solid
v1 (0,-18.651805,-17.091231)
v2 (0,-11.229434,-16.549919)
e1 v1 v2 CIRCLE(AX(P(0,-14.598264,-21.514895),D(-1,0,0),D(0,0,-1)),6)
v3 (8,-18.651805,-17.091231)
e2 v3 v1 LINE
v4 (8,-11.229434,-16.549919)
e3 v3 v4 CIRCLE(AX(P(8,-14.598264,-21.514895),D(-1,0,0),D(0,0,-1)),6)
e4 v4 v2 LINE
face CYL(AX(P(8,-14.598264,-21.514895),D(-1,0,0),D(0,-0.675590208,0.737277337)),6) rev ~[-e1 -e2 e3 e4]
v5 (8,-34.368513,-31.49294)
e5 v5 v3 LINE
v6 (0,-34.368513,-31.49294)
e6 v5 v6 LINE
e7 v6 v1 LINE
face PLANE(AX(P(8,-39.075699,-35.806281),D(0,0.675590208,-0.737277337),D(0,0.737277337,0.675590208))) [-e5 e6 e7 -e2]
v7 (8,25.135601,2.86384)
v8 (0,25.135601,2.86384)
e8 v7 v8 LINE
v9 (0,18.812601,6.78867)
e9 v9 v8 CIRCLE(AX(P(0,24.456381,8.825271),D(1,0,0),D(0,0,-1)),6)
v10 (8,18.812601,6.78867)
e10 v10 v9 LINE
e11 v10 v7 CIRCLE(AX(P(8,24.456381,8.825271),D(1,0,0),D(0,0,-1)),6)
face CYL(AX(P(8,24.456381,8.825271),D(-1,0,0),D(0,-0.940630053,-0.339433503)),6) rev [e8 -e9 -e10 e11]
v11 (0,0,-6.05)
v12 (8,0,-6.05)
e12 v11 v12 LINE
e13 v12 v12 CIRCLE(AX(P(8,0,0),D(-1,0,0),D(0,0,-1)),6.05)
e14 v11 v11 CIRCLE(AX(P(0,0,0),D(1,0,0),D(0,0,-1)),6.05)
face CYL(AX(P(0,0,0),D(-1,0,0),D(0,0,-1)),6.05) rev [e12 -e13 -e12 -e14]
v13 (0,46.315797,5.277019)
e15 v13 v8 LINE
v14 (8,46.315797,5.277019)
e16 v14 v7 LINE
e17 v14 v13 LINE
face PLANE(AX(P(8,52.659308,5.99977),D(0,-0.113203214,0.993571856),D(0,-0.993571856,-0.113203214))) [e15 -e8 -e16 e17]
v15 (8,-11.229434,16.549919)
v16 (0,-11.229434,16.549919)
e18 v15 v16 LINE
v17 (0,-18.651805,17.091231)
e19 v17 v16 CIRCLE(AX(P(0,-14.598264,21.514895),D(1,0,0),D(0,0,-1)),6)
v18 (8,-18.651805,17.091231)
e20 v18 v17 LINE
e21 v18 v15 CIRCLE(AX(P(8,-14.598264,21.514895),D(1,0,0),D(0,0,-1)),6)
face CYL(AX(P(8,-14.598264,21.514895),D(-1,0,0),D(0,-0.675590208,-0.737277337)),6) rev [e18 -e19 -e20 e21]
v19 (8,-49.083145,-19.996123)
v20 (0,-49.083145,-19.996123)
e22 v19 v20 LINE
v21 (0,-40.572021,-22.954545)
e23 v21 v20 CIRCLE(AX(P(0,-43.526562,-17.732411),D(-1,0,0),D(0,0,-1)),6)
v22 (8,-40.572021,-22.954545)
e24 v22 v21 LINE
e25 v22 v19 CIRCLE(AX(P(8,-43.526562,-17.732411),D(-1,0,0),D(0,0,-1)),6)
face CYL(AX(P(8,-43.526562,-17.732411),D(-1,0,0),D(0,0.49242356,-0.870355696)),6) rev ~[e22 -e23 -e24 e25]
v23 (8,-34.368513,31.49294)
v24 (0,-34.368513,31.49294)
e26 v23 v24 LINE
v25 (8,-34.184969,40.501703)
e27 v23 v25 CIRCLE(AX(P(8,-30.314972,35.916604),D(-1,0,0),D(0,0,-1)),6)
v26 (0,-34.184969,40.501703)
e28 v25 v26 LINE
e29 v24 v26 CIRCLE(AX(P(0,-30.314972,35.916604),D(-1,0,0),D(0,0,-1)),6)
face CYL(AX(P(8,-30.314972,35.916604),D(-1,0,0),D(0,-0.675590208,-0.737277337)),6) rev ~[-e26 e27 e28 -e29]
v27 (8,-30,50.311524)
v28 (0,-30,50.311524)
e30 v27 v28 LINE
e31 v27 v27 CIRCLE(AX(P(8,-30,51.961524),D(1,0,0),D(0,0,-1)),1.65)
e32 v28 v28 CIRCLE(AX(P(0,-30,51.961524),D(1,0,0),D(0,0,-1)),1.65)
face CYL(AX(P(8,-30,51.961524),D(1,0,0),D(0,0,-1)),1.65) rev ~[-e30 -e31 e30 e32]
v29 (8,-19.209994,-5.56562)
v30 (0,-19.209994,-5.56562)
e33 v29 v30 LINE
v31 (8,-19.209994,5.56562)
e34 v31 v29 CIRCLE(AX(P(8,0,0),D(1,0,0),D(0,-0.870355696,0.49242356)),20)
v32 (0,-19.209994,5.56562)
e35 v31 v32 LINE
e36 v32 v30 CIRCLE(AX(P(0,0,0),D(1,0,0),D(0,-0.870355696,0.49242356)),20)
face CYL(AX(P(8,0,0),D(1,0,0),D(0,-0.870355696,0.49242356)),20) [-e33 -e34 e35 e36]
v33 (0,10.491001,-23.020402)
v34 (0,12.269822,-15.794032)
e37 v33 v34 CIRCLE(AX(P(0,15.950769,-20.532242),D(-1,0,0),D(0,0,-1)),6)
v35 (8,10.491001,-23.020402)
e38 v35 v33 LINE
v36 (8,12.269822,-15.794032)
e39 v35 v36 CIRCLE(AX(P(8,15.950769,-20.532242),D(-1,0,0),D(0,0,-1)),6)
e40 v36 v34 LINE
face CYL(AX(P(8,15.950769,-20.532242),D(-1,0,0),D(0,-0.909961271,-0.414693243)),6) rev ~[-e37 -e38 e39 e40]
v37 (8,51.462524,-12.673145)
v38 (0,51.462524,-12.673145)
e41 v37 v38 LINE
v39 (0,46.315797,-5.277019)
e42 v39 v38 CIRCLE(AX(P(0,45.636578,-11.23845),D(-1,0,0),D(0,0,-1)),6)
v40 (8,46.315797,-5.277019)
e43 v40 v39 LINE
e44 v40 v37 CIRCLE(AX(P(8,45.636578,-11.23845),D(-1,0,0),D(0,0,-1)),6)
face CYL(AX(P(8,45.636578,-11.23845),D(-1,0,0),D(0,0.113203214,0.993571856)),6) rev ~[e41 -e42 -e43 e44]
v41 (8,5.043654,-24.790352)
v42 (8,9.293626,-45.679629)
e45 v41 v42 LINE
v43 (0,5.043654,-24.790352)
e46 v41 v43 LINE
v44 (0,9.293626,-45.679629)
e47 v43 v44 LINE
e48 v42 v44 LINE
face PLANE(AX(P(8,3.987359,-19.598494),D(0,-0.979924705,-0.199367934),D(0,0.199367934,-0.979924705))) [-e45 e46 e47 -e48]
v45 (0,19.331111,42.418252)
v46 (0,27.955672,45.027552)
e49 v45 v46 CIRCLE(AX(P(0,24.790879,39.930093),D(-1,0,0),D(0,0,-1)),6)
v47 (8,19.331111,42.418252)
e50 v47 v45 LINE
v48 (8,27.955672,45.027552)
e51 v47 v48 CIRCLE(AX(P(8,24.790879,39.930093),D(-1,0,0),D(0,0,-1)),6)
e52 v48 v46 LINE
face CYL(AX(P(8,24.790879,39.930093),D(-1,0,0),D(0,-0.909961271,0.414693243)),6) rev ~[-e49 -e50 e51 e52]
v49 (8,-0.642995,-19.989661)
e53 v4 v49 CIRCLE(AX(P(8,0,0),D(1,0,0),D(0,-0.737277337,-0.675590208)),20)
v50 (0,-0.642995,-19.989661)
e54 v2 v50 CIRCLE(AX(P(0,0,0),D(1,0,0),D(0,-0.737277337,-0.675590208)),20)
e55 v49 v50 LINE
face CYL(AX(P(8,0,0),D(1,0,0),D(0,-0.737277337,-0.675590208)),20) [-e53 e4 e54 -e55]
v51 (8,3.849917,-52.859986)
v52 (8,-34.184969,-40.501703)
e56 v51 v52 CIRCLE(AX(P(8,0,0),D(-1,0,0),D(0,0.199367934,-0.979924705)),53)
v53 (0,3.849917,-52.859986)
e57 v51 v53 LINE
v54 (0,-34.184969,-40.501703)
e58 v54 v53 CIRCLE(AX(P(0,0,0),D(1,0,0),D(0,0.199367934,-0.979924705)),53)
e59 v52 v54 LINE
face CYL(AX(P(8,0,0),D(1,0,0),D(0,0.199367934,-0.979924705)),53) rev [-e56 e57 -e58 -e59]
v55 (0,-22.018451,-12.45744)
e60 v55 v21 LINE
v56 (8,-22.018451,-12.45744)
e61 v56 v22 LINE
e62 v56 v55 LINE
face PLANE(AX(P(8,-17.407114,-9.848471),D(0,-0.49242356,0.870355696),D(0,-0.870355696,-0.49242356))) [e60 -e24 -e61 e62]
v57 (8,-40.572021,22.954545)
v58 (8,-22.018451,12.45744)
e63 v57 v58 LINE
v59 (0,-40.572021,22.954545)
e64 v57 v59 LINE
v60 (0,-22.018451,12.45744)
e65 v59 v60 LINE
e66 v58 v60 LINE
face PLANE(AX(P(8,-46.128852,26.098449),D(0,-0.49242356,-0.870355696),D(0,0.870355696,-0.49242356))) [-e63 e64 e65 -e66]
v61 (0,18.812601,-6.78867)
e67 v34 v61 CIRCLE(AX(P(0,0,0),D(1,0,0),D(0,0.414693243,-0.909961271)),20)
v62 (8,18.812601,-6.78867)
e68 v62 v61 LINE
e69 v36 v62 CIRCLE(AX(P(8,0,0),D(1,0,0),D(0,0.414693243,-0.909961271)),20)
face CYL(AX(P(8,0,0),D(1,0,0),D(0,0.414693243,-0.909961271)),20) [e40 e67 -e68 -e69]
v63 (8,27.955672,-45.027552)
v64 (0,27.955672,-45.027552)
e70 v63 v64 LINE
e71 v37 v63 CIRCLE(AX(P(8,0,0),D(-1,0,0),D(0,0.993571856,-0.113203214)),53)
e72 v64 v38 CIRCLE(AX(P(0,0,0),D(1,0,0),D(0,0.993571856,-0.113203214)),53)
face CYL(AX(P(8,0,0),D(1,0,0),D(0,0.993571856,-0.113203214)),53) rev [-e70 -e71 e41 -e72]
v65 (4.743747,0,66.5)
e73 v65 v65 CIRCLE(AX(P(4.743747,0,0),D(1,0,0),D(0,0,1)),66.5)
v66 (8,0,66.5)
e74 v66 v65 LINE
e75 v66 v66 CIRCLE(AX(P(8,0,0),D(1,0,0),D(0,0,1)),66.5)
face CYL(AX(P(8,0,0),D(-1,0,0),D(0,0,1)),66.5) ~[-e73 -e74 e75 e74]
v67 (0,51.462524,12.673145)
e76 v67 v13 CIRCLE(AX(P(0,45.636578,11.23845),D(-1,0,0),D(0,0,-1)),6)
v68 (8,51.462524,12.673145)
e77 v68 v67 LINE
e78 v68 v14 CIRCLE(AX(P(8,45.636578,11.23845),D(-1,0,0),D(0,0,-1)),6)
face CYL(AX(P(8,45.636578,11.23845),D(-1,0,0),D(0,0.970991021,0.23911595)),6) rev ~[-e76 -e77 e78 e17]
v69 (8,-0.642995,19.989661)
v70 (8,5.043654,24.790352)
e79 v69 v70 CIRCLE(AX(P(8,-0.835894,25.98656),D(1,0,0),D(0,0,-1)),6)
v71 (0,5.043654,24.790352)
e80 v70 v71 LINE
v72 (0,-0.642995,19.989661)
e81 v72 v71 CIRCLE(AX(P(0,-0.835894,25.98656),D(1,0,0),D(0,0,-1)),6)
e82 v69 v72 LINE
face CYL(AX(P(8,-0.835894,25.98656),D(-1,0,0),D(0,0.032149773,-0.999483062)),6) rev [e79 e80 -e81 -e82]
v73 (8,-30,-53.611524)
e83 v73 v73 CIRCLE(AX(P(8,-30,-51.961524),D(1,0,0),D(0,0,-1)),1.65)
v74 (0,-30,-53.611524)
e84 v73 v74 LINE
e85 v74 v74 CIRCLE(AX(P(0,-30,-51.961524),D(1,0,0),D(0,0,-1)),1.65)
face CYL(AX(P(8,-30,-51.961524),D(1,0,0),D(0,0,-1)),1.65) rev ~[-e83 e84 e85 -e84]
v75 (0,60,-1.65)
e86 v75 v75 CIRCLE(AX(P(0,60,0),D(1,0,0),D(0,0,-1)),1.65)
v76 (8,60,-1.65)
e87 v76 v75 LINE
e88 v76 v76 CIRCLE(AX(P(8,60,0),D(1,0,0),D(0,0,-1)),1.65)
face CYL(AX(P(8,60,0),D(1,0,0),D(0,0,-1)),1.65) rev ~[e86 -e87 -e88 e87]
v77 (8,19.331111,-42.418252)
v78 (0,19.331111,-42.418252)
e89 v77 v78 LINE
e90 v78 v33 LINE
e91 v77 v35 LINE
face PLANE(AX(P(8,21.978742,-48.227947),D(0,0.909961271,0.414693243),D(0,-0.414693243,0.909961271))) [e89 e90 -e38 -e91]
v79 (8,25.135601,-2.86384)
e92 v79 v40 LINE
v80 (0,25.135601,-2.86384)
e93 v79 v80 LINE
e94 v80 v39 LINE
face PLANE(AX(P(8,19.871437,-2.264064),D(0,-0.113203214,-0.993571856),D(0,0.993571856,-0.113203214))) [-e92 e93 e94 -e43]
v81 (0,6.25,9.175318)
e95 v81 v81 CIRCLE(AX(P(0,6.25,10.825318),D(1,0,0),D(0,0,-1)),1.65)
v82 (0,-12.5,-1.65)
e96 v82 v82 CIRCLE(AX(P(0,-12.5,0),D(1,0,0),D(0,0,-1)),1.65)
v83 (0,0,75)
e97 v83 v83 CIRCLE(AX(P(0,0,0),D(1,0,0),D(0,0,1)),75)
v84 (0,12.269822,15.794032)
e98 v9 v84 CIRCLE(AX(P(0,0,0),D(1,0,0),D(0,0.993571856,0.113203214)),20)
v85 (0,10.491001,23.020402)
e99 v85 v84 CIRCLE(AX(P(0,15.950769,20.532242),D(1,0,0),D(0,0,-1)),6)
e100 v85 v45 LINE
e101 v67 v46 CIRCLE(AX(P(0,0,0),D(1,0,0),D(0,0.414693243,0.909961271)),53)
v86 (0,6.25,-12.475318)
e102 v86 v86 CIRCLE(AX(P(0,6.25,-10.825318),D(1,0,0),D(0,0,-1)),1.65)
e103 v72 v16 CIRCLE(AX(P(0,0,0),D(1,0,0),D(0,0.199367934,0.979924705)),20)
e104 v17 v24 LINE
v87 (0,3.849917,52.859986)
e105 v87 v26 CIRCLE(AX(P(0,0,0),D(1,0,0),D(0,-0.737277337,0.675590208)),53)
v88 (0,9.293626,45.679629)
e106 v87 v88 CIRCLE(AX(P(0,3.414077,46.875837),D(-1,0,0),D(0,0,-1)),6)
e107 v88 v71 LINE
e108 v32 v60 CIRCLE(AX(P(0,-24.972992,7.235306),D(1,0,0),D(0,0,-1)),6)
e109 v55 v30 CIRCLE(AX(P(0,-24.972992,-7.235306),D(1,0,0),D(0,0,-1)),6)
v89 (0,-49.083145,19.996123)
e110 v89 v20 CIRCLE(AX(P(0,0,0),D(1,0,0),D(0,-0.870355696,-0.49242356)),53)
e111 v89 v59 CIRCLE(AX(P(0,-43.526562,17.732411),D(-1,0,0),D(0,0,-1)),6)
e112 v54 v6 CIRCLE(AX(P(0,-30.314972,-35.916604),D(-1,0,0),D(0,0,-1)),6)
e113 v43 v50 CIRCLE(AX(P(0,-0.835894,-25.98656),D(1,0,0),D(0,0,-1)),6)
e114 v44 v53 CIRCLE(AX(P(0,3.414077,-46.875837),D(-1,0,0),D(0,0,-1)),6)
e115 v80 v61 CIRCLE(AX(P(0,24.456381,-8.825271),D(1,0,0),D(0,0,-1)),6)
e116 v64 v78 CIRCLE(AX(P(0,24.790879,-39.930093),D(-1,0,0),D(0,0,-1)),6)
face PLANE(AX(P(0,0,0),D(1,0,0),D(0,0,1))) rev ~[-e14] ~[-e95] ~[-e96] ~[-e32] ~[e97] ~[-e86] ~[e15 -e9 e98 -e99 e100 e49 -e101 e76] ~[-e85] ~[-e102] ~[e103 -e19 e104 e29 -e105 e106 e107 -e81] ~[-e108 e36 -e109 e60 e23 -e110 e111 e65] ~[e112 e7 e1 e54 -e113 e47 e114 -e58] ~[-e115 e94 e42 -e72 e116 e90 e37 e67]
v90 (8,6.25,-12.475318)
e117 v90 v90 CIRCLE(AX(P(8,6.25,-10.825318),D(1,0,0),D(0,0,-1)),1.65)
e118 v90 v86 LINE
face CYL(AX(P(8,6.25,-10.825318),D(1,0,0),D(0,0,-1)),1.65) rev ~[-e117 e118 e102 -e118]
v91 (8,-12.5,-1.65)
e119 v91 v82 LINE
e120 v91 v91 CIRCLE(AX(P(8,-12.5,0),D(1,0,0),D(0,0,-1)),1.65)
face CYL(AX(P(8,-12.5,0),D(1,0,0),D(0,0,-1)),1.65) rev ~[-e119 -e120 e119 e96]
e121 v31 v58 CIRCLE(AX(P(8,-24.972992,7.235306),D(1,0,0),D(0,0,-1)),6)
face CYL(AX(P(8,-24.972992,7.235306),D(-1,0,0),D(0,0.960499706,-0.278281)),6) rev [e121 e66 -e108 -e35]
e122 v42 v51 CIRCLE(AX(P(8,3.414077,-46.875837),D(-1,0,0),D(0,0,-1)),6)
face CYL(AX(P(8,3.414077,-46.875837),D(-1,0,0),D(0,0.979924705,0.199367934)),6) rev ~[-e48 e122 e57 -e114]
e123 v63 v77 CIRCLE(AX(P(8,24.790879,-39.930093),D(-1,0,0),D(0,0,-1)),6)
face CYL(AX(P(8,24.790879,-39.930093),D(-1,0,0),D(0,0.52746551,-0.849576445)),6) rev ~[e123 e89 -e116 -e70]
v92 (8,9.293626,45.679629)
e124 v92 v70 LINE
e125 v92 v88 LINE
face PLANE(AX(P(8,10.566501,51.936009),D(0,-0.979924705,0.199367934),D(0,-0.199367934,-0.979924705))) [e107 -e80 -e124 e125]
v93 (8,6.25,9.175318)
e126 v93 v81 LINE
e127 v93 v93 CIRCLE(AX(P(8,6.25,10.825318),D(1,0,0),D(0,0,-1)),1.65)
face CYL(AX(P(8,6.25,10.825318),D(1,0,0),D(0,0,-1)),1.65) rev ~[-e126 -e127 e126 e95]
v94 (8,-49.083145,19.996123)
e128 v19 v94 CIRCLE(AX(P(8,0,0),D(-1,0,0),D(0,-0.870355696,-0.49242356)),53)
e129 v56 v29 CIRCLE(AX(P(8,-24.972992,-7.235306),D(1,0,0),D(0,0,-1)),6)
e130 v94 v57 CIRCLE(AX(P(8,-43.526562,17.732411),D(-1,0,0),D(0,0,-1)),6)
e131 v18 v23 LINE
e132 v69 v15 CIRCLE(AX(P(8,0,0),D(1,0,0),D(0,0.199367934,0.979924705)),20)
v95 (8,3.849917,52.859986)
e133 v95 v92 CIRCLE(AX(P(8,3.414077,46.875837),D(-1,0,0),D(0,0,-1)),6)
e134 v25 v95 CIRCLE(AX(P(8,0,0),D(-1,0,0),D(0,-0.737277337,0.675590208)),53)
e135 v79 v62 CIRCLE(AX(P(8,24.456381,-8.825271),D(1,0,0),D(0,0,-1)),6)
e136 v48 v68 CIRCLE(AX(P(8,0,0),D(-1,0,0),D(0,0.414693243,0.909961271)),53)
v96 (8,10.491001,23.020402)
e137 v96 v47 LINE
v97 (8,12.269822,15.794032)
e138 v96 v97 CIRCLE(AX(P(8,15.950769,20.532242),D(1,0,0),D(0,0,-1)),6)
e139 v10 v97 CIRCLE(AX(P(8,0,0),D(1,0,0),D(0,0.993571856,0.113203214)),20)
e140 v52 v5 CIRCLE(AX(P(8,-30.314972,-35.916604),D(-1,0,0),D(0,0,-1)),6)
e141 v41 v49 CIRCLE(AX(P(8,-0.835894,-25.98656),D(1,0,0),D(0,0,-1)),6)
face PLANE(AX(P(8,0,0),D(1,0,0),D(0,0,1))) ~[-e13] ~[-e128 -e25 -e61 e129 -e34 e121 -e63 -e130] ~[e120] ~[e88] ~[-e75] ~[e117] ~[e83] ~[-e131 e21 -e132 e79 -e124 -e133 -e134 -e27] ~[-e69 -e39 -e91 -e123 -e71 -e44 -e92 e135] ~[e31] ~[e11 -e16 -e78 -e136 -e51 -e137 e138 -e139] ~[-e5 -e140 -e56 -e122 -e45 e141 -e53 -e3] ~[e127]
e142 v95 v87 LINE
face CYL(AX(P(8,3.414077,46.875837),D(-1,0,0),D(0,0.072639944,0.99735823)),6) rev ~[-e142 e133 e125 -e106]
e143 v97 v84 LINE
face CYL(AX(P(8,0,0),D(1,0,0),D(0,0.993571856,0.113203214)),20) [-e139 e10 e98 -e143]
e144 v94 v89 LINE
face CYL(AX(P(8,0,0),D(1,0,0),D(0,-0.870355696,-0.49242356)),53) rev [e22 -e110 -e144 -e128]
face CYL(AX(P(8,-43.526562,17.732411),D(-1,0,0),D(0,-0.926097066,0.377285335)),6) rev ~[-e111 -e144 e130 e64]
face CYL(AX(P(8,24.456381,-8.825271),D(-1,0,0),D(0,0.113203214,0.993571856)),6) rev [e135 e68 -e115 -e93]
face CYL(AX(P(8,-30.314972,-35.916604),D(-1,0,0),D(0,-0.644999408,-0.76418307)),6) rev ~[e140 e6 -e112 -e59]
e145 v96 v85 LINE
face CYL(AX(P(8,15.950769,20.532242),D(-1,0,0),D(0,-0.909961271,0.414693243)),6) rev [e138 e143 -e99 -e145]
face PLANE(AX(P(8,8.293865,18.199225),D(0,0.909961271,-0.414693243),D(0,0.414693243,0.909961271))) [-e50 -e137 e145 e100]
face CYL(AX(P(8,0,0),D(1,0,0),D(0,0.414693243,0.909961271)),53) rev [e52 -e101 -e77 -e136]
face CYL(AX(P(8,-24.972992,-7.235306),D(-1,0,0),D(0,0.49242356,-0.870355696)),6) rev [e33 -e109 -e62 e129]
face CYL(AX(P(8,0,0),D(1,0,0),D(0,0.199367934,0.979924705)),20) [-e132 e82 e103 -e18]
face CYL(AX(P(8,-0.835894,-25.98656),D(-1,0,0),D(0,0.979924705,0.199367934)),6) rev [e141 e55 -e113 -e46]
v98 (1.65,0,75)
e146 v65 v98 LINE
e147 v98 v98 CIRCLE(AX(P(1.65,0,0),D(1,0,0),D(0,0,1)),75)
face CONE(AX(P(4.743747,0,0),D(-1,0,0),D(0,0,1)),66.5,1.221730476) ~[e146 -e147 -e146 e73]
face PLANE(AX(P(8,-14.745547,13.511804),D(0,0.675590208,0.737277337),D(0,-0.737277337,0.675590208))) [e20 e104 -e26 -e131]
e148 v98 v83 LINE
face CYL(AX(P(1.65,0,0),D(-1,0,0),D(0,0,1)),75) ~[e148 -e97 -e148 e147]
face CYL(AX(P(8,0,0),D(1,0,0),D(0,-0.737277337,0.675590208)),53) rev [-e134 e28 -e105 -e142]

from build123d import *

# Parameters (mm, degrees)
SKETCH5_R                = 6.05
CUT_EXTRUDE1_DEPTH       = 107.367288205
SKETCH7_R                = 1.65
CUT_EXTRUDE3_DEPTH       = 107.367288205
CUT_EXTRUDE4_DEPTH       = 107.367288205
FILLET1_R                = 6
CIRPATTERN1_COUNT        = 5
FILLET1_OF_CIRPATTERN1_R = 6


with BuildPart() as part:
    # Sketch3 → Revolve1 (revolve)
    with BuildSketch(Plane.XY):
        Polygon((0, 0), (8, 0), (8, 66.5), (4.743746991, 66.5), (1.65, 75), (0, 75), align=None)
    revolve(axis=Axis((0, 0, 0), (1, 0, 0)))

    # Sketch5 → Cut-Extrude1 (cut, through all)
    with BuildSketch(Plane(origin=(0, 0, 0), x_dir=(0, 0, -1), z_dir=(1, 0, 0))):
        Circle(SKETCH5_R)
    extrude(amount=CUT_EXTRUDE1_DEPTH, mode=Mode.SUBTRACT)

    # Sketch7 → Cut-Extrude3 (cut, through all)
    with BuildSketch(Plane(origin=(8, 0, 0), x_dir=(0, 0, -1), z_dir=(1, 0, 0))):
        with Locations((0, 60)):
            Circle(SKETCH7_R)
        with Locations((51.961524227, -30)):
            Circle(SKETCH7_R)
        with Locations((-51.961524227, -30)):
            Circle(SKETCH7_R)
        with Locations((10.825317547, 6.25)):
            Circle(SKETCH7_R)
        with Locations((0, -12.5)):
            Circle(SKETCH7_R)
        with Locations((-10.825317547, 6.25)):
            Circle(SKETCH7_R)
    extrude(amount=-CUT_EXTRUDE3_DEPTH, mode=Mode.SUBTRACT)

    # Sketch8 → Cut-Extrude4 (cut, through all)
    with BuildSketch(Plane(origin=(8, 0, 0), x_dir=(0, 0, -1), z_dir=(1, 0, 0))):
        with BuildLine():
            Line((2.264064275, 19.871437114), (5.99977033, 52.659308351))
            ThreePointArc((5.99977033, 52.659308351), (31.152618372, 42.877900702), (48.227947356, 21.978741861))
            Line((48.227947356, 21.978741861), (18.199225418, 8.293864853))
            ThreePointArc((18.199225418, 8.293864853), (11.755705046, 16.180339887), (2.264064275, 19.871437114))
        make_face()
    cut_extrude4 = extrude(amount=-CUT_EXTRUDE4_DEPTH, mode=Mode.SUBTRACT)

    # Fillet1
    fillet1_edges = [part.edges().sort_by_distance(p)[0] for p in [
        (4, 21.978741861, -48.227947356),
        (4, 52.659308351, -5.99977033),
        (4, 8.293864853, -18.199225418),
        (4, 19.871437114, -2.264064275),
    ]]
    fillet(fillet1_edges, radius=FILLET1_R)

    # CirPattern1: Cut-Extrude4 ×5 about axis
    cirpattern1_axis = Axis((8, 0, 0), (-1, 0, 0))
    for i in range(1, CIRPATTERN1_COUNT):
        add(cut_extrude4.rotate(cirpattern1_axis, i * 360 / CIRPATTERN1_COUNT), mode=Mode.SUBTRACT)

    # Fillet1 of CirPattern1
    fillet1_of_cirpattern1_edges = [part.edges().sort_by_distance(p)[0] for p in [
        (4, -39.075698851, -35.806281004),
        (4, 10.566500524, -51.936009345),
        (4, -14.745546736, -13.511804152),
        (4, 3.987358688, -19.598494092),
        (4, -46.128851885, 26.098448685),
        (4, -46.128851885, -26.098448685),
        (4, -17.407113919, 9.848471202),
        (4, -17.407113919, -9.848471202),
        (4, 10.566500524, 51.936009345),
        (4, -39.075698851, 35.806281004),
        (4, 3.987358688, 19.598494092),
        (4, -14.745546736, 13.511804152),
        (4, 52.659308351, 5.99977033),
        (4, 21.978741861, 48.227947356),
        (4, 19.871437114, 2.264064275),
        (4, 8.293864853, 18.199225418),
    ]]
    fillet(fillet1_of_cirpattern1_edges, radius=FILLET1_OF_CIRPATTERN1_R)


solid = part.part
